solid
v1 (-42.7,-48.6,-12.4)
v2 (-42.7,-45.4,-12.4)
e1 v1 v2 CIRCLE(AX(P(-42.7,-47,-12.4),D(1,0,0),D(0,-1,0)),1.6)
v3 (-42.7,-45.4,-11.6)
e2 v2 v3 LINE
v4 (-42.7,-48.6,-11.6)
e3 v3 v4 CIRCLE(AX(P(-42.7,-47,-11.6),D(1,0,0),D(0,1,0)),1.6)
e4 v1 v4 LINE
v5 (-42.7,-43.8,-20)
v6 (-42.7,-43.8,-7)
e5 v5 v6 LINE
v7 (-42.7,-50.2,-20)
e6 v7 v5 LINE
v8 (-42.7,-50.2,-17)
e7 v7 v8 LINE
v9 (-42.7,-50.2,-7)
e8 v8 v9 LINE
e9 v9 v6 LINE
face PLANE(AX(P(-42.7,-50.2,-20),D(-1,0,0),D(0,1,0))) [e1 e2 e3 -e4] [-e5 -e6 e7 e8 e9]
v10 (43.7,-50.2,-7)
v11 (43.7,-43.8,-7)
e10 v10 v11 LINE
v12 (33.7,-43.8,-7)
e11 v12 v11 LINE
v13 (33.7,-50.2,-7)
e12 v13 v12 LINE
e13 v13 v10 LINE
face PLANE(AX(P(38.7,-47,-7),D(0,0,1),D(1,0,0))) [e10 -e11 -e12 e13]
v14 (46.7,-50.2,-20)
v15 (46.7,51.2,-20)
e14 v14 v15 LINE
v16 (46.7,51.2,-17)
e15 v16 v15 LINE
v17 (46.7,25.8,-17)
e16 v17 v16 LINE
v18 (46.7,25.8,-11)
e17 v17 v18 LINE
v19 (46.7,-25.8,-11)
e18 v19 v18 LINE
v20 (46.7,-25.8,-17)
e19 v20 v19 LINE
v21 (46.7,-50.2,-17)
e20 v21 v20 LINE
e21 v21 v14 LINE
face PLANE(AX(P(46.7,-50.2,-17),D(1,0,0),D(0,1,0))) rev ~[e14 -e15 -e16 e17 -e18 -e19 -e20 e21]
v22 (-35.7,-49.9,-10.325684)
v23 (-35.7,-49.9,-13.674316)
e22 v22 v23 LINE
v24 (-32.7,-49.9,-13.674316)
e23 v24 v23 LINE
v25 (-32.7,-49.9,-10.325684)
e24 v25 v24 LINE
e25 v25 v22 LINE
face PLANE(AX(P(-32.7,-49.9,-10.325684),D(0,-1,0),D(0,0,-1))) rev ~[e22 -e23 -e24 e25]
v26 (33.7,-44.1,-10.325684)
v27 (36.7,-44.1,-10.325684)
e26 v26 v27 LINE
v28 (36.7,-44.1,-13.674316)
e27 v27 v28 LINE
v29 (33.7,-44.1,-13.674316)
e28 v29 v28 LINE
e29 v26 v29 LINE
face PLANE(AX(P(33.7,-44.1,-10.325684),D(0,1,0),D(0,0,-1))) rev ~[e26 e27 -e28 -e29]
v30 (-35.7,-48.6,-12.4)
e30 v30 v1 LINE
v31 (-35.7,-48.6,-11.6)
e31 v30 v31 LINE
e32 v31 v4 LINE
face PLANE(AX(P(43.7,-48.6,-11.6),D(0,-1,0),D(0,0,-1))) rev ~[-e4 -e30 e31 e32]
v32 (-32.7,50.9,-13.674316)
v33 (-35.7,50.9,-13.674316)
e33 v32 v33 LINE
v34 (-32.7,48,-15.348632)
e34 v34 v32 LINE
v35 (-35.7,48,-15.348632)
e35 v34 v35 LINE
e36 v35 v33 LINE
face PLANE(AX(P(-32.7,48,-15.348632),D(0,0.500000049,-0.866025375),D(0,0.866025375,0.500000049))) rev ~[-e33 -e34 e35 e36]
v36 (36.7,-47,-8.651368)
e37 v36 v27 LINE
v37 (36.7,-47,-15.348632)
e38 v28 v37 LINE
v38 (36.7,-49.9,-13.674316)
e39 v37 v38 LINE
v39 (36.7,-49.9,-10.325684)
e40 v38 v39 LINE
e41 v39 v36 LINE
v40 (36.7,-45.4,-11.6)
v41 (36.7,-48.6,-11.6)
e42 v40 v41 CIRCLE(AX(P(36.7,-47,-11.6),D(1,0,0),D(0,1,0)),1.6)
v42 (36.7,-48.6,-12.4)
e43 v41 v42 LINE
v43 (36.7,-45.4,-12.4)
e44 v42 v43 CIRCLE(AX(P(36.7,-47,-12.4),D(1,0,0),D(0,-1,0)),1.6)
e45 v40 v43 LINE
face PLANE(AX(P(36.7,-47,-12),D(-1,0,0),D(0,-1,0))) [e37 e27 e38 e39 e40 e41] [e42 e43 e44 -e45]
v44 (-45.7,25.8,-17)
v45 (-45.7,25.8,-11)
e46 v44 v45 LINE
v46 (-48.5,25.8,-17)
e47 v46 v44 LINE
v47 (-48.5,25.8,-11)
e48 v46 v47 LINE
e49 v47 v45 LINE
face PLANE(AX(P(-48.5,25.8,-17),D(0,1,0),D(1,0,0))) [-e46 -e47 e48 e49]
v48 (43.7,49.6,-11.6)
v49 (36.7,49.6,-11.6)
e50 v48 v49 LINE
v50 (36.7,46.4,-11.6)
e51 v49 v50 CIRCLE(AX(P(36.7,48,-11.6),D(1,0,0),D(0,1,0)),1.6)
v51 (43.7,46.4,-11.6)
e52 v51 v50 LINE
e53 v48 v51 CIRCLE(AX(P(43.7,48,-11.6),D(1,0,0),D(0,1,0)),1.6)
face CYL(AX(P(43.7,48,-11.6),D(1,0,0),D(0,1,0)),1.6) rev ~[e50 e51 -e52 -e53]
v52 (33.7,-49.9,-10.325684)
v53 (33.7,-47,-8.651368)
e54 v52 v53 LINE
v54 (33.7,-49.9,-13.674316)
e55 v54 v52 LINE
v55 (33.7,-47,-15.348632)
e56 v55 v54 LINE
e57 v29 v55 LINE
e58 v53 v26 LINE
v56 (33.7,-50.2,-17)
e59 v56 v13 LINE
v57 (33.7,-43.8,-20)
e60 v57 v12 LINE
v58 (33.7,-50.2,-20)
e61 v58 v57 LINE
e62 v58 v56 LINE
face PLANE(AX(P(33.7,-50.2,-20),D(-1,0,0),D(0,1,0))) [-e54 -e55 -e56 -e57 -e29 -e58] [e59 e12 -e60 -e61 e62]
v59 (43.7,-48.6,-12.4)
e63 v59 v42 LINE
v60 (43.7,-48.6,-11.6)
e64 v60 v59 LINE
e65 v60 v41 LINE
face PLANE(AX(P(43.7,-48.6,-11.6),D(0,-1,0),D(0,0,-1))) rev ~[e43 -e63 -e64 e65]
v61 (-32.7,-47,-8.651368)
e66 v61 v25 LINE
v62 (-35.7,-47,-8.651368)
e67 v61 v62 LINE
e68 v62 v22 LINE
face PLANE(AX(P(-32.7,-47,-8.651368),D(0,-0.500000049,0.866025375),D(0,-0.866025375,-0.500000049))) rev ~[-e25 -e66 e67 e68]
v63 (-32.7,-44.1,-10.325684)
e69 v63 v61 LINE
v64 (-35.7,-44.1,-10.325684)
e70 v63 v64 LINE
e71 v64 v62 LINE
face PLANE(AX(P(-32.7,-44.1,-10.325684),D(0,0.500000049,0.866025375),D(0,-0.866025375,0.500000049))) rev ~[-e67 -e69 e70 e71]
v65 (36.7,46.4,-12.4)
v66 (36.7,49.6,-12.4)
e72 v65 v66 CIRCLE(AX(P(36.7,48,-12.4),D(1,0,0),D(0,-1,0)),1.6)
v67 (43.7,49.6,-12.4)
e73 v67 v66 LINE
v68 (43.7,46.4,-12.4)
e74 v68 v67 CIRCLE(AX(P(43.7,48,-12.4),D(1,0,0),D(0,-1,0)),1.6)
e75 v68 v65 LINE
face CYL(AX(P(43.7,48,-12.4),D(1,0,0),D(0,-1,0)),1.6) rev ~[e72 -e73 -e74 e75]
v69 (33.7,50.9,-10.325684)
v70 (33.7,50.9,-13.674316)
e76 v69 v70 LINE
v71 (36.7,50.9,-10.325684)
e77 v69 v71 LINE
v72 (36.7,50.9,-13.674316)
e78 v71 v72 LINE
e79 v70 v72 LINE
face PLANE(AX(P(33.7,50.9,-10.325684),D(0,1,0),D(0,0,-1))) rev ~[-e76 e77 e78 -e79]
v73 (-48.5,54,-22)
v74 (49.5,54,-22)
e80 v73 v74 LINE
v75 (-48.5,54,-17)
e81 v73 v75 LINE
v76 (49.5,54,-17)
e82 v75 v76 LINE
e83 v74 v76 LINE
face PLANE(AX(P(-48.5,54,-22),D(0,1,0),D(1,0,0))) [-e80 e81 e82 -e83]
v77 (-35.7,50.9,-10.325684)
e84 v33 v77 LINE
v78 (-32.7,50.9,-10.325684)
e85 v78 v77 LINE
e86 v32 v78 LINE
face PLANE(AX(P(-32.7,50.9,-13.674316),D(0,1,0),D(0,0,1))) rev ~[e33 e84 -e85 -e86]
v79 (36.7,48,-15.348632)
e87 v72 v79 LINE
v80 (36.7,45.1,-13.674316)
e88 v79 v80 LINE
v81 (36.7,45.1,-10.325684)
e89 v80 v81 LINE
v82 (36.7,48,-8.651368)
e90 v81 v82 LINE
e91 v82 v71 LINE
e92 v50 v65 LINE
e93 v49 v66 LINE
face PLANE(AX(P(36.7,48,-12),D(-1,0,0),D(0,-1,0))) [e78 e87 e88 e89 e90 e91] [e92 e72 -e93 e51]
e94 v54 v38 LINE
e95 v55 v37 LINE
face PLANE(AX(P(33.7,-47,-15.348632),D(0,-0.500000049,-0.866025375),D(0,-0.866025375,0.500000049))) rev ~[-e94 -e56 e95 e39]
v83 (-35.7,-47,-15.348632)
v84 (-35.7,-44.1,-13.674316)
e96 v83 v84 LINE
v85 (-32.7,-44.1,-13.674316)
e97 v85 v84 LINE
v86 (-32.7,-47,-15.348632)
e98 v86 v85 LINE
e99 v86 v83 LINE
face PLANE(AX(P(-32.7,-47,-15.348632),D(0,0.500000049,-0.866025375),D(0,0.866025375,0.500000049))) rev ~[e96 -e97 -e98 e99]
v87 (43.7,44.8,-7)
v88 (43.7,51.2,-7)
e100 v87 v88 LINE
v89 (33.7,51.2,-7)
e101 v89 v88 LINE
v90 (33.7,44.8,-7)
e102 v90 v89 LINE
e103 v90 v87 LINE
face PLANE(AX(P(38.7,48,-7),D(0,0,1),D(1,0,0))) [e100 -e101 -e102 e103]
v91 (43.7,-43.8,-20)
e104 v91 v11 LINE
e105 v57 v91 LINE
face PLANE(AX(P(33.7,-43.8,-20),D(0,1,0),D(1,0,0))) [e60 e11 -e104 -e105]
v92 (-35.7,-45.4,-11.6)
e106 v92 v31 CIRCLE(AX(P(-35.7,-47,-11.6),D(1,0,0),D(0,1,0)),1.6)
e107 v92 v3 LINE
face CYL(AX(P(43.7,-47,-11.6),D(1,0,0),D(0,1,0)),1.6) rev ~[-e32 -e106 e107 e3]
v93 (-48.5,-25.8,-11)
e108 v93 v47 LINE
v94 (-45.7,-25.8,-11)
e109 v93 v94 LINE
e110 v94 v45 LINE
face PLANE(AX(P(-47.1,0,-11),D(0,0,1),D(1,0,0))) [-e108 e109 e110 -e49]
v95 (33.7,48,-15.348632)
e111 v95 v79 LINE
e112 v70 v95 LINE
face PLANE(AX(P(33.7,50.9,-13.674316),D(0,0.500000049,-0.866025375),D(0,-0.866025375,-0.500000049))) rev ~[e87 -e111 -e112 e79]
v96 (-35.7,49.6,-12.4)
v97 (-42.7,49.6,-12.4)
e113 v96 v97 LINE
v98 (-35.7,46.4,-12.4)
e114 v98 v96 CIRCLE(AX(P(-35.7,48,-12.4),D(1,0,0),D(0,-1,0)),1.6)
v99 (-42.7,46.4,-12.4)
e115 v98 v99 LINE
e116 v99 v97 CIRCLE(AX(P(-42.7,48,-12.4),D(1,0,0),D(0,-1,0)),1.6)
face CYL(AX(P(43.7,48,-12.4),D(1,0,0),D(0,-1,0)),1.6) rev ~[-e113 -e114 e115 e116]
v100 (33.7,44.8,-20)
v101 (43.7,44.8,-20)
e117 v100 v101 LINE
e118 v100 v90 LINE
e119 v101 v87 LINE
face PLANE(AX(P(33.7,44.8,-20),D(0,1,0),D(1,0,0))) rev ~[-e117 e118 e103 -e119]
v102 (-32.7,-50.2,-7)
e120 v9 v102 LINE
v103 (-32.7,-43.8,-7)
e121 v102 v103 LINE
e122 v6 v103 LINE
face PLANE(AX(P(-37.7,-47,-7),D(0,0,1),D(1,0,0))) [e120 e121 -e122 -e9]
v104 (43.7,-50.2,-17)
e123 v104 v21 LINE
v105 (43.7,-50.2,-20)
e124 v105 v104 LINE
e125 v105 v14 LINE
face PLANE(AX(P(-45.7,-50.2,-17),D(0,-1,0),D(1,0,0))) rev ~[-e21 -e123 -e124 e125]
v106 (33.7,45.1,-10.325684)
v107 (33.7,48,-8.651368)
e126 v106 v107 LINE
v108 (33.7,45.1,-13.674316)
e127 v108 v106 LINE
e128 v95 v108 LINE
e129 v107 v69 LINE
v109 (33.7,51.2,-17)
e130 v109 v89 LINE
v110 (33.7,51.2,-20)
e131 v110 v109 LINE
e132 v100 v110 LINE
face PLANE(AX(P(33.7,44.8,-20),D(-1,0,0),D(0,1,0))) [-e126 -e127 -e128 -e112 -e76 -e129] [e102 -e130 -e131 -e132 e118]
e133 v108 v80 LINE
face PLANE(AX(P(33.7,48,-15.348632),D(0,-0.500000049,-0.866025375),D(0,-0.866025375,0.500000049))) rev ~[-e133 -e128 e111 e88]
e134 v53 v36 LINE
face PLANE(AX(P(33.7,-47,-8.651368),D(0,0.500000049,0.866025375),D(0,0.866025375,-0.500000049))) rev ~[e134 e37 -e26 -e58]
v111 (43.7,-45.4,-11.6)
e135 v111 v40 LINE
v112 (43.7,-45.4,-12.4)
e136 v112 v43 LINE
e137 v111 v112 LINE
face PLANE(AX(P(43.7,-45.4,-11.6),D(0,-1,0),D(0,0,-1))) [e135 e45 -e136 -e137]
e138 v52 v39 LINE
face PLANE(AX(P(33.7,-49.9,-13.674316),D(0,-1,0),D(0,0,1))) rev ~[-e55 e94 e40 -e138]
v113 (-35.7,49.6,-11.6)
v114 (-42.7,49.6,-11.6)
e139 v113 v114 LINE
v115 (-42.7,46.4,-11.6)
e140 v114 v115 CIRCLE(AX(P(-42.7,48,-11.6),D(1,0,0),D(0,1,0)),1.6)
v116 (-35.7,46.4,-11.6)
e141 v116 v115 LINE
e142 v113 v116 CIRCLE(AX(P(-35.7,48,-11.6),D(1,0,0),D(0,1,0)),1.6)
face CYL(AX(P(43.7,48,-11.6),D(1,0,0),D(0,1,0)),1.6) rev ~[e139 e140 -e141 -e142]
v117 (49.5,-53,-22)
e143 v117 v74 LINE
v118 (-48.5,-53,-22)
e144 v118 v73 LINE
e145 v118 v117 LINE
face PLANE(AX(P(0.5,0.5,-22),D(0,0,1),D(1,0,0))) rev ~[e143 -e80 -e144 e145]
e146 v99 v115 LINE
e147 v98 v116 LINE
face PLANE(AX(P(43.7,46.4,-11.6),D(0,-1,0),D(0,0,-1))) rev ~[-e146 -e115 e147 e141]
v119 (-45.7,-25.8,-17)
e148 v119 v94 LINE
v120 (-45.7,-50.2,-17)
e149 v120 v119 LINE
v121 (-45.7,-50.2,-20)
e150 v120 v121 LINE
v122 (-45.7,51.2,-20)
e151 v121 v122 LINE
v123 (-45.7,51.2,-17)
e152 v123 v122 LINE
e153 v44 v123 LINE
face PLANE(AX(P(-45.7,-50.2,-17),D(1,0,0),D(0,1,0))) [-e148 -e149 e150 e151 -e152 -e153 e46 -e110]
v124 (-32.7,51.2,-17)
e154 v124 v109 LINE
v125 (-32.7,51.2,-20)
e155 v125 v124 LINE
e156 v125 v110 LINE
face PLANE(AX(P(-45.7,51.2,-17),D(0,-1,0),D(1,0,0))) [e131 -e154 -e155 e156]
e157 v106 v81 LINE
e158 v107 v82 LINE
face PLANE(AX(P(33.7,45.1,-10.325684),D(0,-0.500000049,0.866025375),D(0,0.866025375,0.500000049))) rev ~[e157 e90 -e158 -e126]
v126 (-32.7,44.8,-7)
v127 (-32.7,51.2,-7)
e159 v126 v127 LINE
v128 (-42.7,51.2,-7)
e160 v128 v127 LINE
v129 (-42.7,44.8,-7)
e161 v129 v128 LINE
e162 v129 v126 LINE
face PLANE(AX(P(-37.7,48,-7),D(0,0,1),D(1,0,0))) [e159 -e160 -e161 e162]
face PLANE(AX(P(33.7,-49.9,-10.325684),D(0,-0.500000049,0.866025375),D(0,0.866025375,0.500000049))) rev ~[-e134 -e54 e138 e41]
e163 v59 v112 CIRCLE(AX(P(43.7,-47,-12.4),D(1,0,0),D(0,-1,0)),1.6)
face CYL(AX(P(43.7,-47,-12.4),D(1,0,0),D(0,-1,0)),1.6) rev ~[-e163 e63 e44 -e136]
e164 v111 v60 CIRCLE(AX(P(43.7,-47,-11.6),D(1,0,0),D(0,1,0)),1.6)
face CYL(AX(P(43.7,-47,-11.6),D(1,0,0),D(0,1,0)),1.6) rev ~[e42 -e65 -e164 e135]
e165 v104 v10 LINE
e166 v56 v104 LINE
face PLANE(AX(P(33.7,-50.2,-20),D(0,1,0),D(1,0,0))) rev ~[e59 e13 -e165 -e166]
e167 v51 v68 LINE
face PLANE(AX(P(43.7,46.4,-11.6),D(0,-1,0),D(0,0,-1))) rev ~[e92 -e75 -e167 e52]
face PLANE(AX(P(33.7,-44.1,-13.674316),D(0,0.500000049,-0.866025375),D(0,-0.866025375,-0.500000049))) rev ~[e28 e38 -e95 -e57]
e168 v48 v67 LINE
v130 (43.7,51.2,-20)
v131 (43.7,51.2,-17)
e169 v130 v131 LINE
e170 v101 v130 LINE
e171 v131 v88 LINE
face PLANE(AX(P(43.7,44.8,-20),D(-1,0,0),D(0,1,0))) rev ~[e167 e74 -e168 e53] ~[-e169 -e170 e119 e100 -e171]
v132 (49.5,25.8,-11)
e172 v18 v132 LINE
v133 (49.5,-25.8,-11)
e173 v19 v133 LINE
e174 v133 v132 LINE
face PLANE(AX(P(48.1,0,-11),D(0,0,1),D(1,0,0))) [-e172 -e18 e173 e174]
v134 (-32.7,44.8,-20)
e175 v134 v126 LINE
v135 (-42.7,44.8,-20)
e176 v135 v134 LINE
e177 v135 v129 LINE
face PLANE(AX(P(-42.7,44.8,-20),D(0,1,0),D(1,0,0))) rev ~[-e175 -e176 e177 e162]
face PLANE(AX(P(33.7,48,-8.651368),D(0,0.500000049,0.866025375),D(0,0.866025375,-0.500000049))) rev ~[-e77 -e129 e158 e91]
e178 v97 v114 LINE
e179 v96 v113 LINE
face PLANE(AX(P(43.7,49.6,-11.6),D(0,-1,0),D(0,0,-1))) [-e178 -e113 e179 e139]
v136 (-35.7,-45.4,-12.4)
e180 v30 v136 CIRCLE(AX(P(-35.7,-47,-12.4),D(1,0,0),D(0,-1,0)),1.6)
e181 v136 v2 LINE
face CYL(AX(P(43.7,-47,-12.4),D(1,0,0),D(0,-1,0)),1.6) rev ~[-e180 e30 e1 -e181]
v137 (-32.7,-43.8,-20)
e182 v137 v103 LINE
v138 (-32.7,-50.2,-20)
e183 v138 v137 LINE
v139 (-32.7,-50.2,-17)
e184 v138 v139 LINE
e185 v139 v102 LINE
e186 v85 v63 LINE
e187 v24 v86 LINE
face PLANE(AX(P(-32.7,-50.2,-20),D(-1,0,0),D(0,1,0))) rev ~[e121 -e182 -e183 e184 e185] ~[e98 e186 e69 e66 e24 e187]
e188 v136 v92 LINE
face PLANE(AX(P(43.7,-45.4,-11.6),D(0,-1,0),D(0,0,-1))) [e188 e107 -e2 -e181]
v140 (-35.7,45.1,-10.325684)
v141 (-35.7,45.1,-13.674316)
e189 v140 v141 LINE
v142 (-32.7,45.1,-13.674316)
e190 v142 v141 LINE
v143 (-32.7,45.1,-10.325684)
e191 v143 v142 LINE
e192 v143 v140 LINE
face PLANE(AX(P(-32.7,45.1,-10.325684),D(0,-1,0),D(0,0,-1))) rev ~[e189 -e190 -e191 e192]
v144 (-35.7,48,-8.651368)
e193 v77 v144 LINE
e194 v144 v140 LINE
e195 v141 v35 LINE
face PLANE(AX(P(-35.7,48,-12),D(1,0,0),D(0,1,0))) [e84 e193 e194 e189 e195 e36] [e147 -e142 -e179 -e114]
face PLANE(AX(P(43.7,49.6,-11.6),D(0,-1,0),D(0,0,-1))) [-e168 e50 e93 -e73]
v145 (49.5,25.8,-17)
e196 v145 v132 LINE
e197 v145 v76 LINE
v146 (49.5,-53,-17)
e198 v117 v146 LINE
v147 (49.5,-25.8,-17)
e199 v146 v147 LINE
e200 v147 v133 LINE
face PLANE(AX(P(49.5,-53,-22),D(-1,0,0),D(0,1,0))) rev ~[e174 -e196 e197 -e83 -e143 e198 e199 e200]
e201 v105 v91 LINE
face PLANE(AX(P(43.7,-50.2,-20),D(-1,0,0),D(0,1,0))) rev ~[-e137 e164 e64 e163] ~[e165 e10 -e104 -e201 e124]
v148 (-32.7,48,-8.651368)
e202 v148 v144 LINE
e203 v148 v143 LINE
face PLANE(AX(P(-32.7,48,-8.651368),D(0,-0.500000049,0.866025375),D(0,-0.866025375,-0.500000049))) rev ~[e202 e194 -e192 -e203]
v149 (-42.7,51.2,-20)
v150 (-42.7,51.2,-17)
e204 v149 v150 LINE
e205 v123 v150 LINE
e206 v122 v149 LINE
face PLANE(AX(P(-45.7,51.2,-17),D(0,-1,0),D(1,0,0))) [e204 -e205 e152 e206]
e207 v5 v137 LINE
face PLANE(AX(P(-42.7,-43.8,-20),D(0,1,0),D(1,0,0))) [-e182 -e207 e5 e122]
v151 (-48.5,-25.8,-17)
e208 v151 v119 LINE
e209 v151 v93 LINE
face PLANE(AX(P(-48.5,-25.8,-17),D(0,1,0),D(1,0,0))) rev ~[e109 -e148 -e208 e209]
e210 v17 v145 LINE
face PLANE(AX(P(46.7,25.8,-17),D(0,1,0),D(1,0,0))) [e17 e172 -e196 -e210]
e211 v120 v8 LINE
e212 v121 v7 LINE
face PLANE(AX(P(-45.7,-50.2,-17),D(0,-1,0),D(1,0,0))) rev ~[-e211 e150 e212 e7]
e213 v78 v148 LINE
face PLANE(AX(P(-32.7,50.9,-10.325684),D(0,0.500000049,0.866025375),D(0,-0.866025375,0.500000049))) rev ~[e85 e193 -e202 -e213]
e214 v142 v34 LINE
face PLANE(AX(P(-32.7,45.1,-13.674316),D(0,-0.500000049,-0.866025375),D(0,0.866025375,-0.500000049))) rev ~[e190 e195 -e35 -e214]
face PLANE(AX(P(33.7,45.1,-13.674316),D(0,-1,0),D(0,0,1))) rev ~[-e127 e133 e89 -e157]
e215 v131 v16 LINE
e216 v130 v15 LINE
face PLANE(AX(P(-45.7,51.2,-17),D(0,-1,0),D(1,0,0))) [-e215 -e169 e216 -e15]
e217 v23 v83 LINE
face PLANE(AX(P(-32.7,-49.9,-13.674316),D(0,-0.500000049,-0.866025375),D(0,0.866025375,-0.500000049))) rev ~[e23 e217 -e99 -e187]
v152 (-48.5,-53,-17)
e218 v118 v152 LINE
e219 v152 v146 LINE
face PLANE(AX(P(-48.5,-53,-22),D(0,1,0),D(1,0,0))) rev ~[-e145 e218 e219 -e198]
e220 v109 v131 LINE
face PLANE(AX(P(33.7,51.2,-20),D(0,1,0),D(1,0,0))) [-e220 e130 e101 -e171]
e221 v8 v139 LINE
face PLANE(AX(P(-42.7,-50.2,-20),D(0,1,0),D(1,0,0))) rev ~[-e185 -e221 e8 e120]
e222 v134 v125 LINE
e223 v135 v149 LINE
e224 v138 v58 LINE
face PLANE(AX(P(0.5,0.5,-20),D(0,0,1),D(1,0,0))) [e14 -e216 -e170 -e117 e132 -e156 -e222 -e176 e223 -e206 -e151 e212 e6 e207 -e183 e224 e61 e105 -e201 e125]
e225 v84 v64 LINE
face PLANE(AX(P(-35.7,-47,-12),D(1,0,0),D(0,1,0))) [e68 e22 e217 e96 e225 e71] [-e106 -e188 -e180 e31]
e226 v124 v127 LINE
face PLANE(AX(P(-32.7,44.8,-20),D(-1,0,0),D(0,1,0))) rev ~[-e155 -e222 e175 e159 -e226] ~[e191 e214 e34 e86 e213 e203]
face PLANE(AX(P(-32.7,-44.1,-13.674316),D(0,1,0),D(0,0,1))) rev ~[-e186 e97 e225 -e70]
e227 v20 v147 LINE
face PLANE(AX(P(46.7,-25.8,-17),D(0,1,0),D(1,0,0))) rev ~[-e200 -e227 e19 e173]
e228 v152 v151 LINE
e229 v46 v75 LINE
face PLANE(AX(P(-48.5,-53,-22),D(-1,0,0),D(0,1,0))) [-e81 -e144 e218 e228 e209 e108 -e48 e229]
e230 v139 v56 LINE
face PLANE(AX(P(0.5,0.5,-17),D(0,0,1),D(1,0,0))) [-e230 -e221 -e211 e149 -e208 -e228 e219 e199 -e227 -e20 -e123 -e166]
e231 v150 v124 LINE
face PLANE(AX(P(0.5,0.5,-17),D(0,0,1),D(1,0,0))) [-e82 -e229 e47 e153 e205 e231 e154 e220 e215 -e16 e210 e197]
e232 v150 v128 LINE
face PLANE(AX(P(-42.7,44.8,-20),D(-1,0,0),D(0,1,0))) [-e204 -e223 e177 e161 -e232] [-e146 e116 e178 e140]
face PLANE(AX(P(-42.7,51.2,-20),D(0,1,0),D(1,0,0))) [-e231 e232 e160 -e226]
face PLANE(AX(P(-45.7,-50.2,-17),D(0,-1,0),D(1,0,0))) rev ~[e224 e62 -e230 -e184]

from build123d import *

# Parameters (mm, degrees)
SKETCH017_W     = 98
SKETCH017_H     = 107
PAD015_DEPTH    = 5
SKETCH018_W     = 92.4
SKETCH018_H     = 101.4
POCKET_DEPTH    = 3
SKETCH019_W     = 2.8
SKETCH019_H     = 51.6
PAD016_DEPTH    = 6
SKETCH020_W     = 10
SKETCH020_H     = 6.4
PAD017_DEPTH    = 13
POCKET001_DEPTH = 92.201
POCKET019_DEPTH = 3
POCKET020_DEPTH = 3


with BuildPart() as part:
    # Sketch017 → Pad015 (new body)
    with BuildSketch(Plane.XY.offset(-22)):
        with Locations((0.5, 0.5)):
            Rectangle(SKETCH017_W, SKETCH017_H)
    extrude(amount=PAD015_DEPTH)

    # Sketch018 (on Face6 of Pad015) → Pocket (cut)
    with BuildSketch(Plane.XY.offset(-17)):
        with Locations((0.5, 0.5)):
            Rectangle(SKETCH018_W, SKETCH018_H)
    extrude(amount=-POCKET_DEPTH, mode=Mode.SUBTRACT)

    # Sketch019 (on Face5 of Pocket) → Pad016 (join)
    with BuildSketch(Plane.XY.offset(-17)):
        with Locations((-47.1, 0)):
            Rectangle(SKETCH019_W, SKETCH019_H)
        with Locations((48.1, 0)):
            Rectangle(SKETCH019_W, SKETCH019_H)
    extrude(amount=PAD016_DEPTH)

    # Sketch020 (on Face21 of Pad016) → Pad017 (join)
    with BuildSketch(Plane.XY.offset(-20)):
        with Locations((-37.7, 48)):
            Rectangle(SKETCH020_W, SKETCH020_H)
        with Locations((38.7, 48)):
            Rectangle(SKETCH020_W, SKETCH020_H)
        with Locations((-37.7, -47)):
            Rectangle(SKETCH020_W, SKETCH020_H)
        with Locations((38.7, -47)):
            Rectangle(SKETCH020_W, SKETCH020_H)
    extrude(amount=PAD017_DEPTH)

    # Sketch021 (on Face37 of Pad017) → Pocket001 (cut, through all)
    with BuildSketch(Plane.YZ.offset(43.7)):
        with BuildLine():
            ThreePointArc((-45.4, -11.6), (-47, -10), (-48.6, -11.6))
            Line((-48.6, -11.6), (-48.6, -12.4))
            ThreePointArc((-48.6, -12.4), (-47, -14), (-45.4, -12.4))
            Line((-45.4, -11.6), (-45.4, -12.4))
        make_face()
        with BuildLine():
            ThreePointArc((49.6, -11.6), (48, -10), (46.4, -11.6))
            Line((46.4, -11.6), (46.4, -12.4))
            ThreePointArc((46.4, -12.4), (48, -14), (49.6, -12.4))
            Line((49.6, -11.6), (49.6, -12.4))
        make_face()
    extrude(amount=-POCKET001_DEPTH, mode=Mode.SUBTRACT)

    # Sketch055 (on Face40 of Pocket001) → Pocket019 (cut)
    with BuildSketch(Plane.YZ.offset(-32.7)):
        Polygon((-49.9, -13.674316), (-47, -15.348632), (-44.1, -13.674316), (-44.1, -10.325684), (-47, -8.651368), (-49.9, -10.325684), align=None)
        Polygon((48, -15.348632), (50.9, -13.674316), (50.9, -10.325684), (48, -8.651368), (45.1, -10.325684), (45.1, -13.674316), align=None)
    extrude(amount=-POCKET019_DEPTH, mode=Mode.SUBTRACT)

    # Sketch056 (on Face39 of Pocket019) → Pocket020 (cut)
    with BuildSketch(Plane(origin=(33.7, 0, 0), x_dir=(0, -1, 0), z_dir=(-1, 0, 0))):
        Polygon((47, -15.348632), (49.9, -13.674316), (49.9, -10.325684), (47, -8.651368), (44.1, -10.325684), (44.1, -13.674316), align=None)
        Polygon((-45.1, -13.674316), (-45.1, -10.325684), (-48, -8.651368), (-50.9, -10.325684), (-50.9, -13.674316), (-48, -15.348632), align=None)
    extrude(amount=-POCKET020_DEPTH, mode=Mode.SUBTRACT)


solid = part.part
